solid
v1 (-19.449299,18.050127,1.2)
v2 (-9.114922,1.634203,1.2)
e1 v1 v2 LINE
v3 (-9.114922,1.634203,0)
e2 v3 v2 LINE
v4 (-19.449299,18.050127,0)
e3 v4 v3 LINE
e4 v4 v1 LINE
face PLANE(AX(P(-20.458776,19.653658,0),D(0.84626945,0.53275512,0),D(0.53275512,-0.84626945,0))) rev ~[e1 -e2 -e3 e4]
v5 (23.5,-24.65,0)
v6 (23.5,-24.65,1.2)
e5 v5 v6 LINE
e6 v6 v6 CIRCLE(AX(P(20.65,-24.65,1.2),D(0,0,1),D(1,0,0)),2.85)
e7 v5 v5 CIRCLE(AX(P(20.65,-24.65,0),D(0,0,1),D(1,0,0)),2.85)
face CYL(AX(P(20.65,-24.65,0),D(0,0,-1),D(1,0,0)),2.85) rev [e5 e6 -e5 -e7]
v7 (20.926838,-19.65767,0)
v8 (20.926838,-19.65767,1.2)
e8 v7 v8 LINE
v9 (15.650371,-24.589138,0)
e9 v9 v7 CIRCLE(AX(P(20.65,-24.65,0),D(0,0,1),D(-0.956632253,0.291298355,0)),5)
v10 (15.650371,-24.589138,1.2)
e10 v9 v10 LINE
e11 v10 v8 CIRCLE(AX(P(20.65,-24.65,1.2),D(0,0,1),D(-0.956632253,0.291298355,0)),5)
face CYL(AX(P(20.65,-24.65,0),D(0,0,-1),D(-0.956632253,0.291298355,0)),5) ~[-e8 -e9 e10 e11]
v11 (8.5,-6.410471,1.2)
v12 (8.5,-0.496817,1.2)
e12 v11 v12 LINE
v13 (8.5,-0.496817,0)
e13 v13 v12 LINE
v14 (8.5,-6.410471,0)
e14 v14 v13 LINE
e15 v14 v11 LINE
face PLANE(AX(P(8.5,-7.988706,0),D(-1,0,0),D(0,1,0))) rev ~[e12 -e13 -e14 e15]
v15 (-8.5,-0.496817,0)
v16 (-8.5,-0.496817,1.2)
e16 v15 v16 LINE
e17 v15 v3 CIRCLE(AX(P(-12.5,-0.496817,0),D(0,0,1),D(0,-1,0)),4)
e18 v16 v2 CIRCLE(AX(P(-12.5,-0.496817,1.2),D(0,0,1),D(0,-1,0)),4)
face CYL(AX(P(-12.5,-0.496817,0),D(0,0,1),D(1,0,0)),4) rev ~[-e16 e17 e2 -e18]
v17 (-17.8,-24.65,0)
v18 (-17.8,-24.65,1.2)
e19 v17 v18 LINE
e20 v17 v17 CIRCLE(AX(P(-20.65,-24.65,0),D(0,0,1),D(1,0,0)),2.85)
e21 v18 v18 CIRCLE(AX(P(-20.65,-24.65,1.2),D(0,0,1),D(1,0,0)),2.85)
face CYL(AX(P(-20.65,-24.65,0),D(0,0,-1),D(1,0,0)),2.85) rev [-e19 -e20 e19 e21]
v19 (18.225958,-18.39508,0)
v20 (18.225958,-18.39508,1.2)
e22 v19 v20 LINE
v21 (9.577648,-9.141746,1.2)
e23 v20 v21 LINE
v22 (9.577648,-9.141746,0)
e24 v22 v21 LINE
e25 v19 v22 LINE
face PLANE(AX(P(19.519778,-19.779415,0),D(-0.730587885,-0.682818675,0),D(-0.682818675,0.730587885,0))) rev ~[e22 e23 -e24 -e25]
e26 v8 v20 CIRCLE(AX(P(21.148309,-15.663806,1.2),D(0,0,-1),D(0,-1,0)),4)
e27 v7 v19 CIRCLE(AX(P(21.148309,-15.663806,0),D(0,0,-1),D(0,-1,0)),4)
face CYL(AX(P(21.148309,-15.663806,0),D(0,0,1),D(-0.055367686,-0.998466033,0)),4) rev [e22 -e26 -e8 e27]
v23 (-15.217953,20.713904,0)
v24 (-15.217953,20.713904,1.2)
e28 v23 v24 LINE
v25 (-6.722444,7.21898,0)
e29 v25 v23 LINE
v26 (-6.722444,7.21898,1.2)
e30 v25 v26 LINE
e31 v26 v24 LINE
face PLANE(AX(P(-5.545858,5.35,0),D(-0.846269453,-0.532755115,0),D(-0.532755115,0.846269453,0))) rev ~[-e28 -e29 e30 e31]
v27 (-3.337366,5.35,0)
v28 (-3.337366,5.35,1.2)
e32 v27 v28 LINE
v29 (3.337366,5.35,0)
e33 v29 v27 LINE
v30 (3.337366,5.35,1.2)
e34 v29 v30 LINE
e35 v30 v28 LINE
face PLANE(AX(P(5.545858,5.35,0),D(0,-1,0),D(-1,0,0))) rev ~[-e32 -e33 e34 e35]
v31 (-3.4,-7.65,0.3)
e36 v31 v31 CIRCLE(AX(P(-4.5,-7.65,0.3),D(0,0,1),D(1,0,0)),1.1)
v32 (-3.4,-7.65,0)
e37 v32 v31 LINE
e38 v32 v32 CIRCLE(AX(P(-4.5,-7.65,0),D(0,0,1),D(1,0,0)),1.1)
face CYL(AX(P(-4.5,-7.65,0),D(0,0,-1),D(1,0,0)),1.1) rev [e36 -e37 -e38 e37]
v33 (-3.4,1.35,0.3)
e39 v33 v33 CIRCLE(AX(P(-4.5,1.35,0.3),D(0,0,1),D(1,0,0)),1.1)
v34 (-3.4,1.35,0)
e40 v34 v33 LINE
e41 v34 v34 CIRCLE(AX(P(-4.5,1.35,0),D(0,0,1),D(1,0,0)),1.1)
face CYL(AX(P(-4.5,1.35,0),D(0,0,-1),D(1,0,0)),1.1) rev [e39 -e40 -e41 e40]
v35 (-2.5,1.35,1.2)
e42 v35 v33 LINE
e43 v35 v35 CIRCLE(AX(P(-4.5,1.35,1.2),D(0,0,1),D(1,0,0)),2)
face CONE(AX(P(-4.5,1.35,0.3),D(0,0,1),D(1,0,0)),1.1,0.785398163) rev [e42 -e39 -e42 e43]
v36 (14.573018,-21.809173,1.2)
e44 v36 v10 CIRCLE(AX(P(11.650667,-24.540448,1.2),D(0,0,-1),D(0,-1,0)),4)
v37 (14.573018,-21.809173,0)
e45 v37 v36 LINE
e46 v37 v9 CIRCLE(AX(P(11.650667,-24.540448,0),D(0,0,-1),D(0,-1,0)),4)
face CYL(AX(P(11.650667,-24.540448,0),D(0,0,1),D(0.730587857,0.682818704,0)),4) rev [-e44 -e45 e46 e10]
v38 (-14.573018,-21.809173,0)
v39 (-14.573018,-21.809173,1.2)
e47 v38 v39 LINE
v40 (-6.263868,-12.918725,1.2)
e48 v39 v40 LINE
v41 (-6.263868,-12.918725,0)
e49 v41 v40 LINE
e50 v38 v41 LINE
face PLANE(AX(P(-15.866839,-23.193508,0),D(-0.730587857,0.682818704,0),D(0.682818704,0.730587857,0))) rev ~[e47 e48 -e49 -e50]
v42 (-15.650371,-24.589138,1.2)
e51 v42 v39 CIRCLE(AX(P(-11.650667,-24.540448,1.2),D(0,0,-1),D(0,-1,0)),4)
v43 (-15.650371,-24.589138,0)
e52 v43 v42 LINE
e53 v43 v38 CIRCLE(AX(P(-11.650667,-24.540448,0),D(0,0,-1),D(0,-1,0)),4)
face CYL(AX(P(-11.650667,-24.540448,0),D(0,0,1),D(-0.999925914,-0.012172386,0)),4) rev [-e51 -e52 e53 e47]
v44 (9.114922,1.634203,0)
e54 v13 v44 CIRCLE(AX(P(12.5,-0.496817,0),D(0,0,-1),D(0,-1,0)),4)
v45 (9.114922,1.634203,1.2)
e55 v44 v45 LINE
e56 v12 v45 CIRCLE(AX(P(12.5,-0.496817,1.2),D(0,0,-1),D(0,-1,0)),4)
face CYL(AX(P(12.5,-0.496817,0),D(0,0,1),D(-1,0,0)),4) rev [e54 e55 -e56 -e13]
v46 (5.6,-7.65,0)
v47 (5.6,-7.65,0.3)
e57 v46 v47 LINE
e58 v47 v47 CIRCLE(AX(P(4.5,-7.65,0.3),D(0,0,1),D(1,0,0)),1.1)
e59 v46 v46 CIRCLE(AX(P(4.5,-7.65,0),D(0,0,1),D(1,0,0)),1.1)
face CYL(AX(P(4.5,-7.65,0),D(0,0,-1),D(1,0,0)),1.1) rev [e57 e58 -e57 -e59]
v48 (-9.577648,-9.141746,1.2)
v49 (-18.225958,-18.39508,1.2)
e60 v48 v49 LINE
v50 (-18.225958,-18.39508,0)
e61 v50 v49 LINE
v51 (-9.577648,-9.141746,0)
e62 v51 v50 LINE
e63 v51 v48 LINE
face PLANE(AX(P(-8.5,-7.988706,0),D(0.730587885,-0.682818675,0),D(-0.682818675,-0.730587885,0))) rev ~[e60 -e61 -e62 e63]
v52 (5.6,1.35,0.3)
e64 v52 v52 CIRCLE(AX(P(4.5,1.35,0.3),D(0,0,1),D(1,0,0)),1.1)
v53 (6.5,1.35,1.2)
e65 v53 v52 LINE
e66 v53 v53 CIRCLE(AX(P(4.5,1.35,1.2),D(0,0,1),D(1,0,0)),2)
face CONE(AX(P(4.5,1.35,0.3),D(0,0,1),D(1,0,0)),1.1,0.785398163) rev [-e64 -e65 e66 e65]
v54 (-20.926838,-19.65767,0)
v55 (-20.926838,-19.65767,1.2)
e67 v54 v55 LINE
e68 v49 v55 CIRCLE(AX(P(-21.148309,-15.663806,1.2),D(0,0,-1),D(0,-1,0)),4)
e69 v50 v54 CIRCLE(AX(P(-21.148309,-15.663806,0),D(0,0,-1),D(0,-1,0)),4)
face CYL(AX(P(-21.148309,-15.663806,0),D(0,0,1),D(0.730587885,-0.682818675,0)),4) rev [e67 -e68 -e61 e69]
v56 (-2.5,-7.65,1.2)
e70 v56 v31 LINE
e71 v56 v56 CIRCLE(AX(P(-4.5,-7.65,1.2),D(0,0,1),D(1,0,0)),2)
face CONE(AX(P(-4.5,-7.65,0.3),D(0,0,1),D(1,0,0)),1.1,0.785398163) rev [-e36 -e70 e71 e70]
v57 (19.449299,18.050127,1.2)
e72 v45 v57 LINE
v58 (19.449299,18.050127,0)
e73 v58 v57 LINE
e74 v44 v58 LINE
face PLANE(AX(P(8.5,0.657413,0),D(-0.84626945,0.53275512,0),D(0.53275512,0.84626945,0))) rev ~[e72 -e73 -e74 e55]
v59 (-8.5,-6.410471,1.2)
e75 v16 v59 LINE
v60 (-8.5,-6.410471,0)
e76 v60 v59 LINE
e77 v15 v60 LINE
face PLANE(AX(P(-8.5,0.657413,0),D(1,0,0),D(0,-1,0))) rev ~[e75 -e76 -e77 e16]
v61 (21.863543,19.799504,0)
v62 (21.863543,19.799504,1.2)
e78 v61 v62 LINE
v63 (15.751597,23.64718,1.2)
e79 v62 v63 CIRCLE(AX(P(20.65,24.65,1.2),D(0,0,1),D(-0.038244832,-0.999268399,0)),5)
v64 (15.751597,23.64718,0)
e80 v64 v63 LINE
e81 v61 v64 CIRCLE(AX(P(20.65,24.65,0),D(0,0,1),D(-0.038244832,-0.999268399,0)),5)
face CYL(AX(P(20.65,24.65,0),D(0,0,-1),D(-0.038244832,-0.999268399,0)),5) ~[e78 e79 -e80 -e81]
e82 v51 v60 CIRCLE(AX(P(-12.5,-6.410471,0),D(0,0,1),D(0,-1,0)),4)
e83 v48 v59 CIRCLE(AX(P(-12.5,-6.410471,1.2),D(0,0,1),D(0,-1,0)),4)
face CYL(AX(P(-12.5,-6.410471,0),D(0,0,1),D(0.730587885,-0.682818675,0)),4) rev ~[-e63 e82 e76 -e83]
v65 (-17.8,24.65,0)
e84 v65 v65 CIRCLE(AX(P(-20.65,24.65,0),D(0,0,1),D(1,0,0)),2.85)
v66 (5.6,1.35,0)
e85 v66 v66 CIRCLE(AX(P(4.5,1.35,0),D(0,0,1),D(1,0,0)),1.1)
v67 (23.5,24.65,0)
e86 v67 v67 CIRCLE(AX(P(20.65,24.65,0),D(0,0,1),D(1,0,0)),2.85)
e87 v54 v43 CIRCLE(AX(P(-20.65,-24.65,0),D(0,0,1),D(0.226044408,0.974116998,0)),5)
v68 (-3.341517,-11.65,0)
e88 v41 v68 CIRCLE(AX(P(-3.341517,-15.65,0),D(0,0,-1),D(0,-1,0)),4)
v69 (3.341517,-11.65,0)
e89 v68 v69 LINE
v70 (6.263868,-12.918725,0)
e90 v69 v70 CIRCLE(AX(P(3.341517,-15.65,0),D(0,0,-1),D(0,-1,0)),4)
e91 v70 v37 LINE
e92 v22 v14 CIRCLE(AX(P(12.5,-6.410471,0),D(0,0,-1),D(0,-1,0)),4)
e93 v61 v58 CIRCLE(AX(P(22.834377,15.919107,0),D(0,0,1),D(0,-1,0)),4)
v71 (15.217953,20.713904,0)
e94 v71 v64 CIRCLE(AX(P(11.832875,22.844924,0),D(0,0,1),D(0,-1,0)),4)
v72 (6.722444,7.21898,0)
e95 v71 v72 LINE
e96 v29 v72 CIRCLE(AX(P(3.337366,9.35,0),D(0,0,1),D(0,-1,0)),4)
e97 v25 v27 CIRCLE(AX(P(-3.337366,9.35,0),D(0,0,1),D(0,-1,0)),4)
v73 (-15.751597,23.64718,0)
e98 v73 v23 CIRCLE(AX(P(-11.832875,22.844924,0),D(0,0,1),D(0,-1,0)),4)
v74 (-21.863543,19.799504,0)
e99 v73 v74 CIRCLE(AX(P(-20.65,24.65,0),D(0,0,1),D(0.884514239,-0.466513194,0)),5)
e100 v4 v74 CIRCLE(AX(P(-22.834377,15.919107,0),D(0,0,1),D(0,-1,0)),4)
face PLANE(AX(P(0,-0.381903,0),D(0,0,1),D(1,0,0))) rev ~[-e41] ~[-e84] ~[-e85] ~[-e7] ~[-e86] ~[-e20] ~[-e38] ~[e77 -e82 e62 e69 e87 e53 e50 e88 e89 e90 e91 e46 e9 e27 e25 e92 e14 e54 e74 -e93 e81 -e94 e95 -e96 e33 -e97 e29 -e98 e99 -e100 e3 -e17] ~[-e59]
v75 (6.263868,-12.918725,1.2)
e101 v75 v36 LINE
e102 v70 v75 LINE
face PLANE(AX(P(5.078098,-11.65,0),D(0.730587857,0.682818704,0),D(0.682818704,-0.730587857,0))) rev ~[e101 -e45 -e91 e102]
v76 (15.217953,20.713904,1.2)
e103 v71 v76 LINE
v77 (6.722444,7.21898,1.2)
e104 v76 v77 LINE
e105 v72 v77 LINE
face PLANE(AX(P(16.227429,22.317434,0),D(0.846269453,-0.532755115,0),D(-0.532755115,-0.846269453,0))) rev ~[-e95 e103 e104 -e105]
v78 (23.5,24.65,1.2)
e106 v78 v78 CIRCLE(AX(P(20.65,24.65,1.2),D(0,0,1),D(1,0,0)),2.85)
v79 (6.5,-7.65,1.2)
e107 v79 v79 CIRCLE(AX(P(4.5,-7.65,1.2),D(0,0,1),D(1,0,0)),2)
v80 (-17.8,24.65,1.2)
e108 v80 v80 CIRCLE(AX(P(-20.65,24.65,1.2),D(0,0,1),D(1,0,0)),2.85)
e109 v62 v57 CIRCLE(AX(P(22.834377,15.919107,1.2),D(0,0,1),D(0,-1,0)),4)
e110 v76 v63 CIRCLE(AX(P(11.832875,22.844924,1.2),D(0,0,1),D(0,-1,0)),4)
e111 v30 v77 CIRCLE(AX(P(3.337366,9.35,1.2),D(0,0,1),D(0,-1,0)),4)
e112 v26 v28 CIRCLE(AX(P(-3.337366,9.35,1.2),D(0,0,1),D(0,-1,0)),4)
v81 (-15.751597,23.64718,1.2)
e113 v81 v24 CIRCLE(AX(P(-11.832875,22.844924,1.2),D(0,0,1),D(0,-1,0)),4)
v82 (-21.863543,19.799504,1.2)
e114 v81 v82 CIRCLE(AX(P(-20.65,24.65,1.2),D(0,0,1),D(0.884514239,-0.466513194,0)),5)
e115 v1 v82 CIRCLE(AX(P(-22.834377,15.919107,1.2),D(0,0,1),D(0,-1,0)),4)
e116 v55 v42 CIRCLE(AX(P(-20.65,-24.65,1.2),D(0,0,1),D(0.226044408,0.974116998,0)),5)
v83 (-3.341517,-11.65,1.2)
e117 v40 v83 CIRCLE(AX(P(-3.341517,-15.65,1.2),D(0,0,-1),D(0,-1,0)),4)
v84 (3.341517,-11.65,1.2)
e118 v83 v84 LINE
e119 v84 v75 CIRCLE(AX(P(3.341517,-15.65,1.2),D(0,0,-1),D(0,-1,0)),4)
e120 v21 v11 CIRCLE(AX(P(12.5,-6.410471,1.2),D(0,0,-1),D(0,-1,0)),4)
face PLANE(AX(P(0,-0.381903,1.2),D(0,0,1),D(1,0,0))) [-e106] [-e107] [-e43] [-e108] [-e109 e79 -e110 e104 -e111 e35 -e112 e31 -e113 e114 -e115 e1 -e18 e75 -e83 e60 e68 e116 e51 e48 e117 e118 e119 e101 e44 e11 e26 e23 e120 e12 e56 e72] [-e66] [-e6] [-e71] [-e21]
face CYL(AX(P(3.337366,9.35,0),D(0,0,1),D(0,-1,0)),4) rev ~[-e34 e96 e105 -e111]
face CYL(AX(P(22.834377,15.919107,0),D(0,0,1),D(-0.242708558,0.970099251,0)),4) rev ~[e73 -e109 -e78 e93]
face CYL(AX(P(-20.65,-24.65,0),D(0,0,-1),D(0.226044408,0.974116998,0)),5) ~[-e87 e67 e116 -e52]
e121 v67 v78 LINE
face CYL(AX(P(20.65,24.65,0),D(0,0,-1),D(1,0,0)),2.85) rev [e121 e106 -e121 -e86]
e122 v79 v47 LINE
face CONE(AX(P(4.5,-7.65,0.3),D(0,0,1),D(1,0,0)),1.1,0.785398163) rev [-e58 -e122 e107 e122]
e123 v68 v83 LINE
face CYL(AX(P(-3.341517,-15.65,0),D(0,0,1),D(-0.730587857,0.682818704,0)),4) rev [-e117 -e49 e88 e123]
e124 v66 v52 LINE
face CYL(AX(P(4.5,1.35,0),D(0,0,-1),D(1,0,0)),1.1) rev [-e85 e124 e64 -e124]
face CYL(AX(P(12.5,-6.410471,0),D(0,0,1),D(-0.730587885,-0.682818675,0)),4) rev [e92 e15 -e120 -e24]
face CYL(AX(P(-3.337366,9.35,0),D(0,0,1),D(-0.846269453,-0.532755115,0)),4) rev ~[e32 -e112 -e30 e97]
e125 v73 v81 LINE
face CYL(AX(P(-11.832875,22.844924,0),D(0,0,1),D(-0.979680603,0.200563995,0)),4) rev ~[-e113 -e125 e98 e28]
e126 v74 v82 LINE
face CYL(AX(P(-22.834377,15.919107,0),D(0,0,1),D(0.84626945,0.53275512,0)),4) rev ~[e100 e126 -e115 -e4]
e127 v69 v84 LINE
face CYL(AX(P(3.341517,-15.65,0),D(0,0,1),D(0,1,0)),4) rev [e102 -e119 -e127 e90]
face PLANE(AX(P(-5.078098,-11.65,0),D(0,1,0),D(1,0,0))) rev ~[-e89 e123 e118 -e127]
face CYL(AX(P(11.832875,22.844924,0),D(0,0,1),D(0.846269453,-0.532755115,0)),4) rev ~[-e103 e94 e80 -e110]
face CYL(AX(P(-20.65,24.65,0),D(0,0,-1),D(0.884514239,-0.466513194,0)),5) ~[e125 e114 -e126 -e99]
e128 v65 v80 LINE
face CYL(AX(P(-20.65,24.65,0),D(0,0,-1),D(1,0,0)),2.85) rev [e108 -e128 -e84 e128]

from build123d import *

# Parameters (mm, degrees)
F1_R     = 2.85
F1_R_2   = 1.1
F2_DEPTH = 1.2
F3_R     = 4
F4_SIZE  = 0.9


with BuildPart() as f2:
    # F1 (on Top) → F2 (new body)
    with BuildSketch(Plane.XY):
        with BuildLine():
            Line((-8.5, -7.988706), (-19.519778, -19.779415))
            ThreePointArc((-19.519778, -19.779415), (-24.064093, -28.302939), (-15.866839, -23.193508))
            Line((-15.866839, -23.193508), (-5.078098, -11.65))
            Line((-5.078098, -11.65), (5.078098, -11.65))
            Line((5.078098, -11.65), (15.866839, -23.193508))
            ThreePointArc((15.866839, -23.193508), (24.064093, -28.302939), (19.519778, -19.779415))
            Line((19.519778, -19.779415), (8.5, -7.988706))
            Line((8.5, -7.988706), (8.5, 0.657413))
            Line((8.5, 0.657413), (20.458776, 19.653658))
            ThreePointArc((20.458776, 19.653658), (23.313776, 28.881347), (16.227429, 22.317434))
            Line((16.227429, 22.317434), (5.545858, 5.35))
            Line((5.545858, 5.35), (-5.545858, 5.35))
            Line((-5.545858, 5.35), (-16.227429, 22.317434))
            ThreePointArc((-16.227429, 22.317434), (-23.313776, 28.881347), (-20.458776, 19.653658))
            Line((-20.458776, 19.653658), (-8.5, 0.657413))
            Line((-8.5, 0.657413), (-8.5, -7.988706))
        make_face()
        with Locations((-20.65, -24.65)):
            Circle(F1_R, mode=Mode.SUBTRACT)
        with Locations((-4.5, -7.65)):
            Circle(F1_R_2, mode=Mode.SUBTRACT)
        with Locations((20.65, -24.65)):
            Circle(F1_R, mode=Mode.SUBTRACT)
        with Locations((4.5, -7.65)):
            Circle(F1_R_2, mode=Mode.SUBTRACT)
        with Locations((-4.5, 1.35)):
            Circle(F1_R_2, mode=Mode.SUBTRACT)
        with Locations((-20.65, 24.65)):
            Circle(F1_R, mode=Mode.SUBTRACT)
        with Locations((4.5, 1.35)):
            Circle(F1_R_2, mode=Mode.SUBTRACT)
        with Locations((20.65, 24.65)):
            Circle(F1_R, mode=Mode.SUBTRACT)
    extrude(amount=F2_DEPTH)

    # F3
    f3_edges = [f2.edges().sort_by_distance(p)[0] for p in [
        (-5.545858, 5.35, 0.6),
        (5.545858, 5.35, 0.6),
        (-16.227429, 22.317434, 0.6),
        (-20.458776, 19.653658, 0.6),
        (16.227429, 22.317434, 0.6),
        (20.458776, 19.653658, 0.6),
        (8.5, 0.657413, 0.6),
        (8.5, -7.988706, 0.6),
        (19.519778, -19.779415, 0.6),
        (15.866839, -23.193508, 0.6),
        (5.078098, -11.65, 0.6),
        (-5.078098, -11.65, 0.6),
        (-15.866839, -23.193508, 0.6),
        (-8.5, 0.657413, 0.6),
        (-8.5, -7.988706, 0.6),
        (-19.519778, -19.779415, 0.6),
    ]]
    fillet(f3_edges, radius=F3_R)

    # F4
    f4_edges = [f2.edges().sort_by_distance(p)[0] for p in [
        (-5.6, 1.35, 1.2),
        (3.4, 1.35, 1.2),
        (3.4, -7.65, 1.2),
        (-5.6, -7.65, 1.2),
    ]]
    chamfer(f4_edges, length=F4_SIZE)


solid = f2.part
